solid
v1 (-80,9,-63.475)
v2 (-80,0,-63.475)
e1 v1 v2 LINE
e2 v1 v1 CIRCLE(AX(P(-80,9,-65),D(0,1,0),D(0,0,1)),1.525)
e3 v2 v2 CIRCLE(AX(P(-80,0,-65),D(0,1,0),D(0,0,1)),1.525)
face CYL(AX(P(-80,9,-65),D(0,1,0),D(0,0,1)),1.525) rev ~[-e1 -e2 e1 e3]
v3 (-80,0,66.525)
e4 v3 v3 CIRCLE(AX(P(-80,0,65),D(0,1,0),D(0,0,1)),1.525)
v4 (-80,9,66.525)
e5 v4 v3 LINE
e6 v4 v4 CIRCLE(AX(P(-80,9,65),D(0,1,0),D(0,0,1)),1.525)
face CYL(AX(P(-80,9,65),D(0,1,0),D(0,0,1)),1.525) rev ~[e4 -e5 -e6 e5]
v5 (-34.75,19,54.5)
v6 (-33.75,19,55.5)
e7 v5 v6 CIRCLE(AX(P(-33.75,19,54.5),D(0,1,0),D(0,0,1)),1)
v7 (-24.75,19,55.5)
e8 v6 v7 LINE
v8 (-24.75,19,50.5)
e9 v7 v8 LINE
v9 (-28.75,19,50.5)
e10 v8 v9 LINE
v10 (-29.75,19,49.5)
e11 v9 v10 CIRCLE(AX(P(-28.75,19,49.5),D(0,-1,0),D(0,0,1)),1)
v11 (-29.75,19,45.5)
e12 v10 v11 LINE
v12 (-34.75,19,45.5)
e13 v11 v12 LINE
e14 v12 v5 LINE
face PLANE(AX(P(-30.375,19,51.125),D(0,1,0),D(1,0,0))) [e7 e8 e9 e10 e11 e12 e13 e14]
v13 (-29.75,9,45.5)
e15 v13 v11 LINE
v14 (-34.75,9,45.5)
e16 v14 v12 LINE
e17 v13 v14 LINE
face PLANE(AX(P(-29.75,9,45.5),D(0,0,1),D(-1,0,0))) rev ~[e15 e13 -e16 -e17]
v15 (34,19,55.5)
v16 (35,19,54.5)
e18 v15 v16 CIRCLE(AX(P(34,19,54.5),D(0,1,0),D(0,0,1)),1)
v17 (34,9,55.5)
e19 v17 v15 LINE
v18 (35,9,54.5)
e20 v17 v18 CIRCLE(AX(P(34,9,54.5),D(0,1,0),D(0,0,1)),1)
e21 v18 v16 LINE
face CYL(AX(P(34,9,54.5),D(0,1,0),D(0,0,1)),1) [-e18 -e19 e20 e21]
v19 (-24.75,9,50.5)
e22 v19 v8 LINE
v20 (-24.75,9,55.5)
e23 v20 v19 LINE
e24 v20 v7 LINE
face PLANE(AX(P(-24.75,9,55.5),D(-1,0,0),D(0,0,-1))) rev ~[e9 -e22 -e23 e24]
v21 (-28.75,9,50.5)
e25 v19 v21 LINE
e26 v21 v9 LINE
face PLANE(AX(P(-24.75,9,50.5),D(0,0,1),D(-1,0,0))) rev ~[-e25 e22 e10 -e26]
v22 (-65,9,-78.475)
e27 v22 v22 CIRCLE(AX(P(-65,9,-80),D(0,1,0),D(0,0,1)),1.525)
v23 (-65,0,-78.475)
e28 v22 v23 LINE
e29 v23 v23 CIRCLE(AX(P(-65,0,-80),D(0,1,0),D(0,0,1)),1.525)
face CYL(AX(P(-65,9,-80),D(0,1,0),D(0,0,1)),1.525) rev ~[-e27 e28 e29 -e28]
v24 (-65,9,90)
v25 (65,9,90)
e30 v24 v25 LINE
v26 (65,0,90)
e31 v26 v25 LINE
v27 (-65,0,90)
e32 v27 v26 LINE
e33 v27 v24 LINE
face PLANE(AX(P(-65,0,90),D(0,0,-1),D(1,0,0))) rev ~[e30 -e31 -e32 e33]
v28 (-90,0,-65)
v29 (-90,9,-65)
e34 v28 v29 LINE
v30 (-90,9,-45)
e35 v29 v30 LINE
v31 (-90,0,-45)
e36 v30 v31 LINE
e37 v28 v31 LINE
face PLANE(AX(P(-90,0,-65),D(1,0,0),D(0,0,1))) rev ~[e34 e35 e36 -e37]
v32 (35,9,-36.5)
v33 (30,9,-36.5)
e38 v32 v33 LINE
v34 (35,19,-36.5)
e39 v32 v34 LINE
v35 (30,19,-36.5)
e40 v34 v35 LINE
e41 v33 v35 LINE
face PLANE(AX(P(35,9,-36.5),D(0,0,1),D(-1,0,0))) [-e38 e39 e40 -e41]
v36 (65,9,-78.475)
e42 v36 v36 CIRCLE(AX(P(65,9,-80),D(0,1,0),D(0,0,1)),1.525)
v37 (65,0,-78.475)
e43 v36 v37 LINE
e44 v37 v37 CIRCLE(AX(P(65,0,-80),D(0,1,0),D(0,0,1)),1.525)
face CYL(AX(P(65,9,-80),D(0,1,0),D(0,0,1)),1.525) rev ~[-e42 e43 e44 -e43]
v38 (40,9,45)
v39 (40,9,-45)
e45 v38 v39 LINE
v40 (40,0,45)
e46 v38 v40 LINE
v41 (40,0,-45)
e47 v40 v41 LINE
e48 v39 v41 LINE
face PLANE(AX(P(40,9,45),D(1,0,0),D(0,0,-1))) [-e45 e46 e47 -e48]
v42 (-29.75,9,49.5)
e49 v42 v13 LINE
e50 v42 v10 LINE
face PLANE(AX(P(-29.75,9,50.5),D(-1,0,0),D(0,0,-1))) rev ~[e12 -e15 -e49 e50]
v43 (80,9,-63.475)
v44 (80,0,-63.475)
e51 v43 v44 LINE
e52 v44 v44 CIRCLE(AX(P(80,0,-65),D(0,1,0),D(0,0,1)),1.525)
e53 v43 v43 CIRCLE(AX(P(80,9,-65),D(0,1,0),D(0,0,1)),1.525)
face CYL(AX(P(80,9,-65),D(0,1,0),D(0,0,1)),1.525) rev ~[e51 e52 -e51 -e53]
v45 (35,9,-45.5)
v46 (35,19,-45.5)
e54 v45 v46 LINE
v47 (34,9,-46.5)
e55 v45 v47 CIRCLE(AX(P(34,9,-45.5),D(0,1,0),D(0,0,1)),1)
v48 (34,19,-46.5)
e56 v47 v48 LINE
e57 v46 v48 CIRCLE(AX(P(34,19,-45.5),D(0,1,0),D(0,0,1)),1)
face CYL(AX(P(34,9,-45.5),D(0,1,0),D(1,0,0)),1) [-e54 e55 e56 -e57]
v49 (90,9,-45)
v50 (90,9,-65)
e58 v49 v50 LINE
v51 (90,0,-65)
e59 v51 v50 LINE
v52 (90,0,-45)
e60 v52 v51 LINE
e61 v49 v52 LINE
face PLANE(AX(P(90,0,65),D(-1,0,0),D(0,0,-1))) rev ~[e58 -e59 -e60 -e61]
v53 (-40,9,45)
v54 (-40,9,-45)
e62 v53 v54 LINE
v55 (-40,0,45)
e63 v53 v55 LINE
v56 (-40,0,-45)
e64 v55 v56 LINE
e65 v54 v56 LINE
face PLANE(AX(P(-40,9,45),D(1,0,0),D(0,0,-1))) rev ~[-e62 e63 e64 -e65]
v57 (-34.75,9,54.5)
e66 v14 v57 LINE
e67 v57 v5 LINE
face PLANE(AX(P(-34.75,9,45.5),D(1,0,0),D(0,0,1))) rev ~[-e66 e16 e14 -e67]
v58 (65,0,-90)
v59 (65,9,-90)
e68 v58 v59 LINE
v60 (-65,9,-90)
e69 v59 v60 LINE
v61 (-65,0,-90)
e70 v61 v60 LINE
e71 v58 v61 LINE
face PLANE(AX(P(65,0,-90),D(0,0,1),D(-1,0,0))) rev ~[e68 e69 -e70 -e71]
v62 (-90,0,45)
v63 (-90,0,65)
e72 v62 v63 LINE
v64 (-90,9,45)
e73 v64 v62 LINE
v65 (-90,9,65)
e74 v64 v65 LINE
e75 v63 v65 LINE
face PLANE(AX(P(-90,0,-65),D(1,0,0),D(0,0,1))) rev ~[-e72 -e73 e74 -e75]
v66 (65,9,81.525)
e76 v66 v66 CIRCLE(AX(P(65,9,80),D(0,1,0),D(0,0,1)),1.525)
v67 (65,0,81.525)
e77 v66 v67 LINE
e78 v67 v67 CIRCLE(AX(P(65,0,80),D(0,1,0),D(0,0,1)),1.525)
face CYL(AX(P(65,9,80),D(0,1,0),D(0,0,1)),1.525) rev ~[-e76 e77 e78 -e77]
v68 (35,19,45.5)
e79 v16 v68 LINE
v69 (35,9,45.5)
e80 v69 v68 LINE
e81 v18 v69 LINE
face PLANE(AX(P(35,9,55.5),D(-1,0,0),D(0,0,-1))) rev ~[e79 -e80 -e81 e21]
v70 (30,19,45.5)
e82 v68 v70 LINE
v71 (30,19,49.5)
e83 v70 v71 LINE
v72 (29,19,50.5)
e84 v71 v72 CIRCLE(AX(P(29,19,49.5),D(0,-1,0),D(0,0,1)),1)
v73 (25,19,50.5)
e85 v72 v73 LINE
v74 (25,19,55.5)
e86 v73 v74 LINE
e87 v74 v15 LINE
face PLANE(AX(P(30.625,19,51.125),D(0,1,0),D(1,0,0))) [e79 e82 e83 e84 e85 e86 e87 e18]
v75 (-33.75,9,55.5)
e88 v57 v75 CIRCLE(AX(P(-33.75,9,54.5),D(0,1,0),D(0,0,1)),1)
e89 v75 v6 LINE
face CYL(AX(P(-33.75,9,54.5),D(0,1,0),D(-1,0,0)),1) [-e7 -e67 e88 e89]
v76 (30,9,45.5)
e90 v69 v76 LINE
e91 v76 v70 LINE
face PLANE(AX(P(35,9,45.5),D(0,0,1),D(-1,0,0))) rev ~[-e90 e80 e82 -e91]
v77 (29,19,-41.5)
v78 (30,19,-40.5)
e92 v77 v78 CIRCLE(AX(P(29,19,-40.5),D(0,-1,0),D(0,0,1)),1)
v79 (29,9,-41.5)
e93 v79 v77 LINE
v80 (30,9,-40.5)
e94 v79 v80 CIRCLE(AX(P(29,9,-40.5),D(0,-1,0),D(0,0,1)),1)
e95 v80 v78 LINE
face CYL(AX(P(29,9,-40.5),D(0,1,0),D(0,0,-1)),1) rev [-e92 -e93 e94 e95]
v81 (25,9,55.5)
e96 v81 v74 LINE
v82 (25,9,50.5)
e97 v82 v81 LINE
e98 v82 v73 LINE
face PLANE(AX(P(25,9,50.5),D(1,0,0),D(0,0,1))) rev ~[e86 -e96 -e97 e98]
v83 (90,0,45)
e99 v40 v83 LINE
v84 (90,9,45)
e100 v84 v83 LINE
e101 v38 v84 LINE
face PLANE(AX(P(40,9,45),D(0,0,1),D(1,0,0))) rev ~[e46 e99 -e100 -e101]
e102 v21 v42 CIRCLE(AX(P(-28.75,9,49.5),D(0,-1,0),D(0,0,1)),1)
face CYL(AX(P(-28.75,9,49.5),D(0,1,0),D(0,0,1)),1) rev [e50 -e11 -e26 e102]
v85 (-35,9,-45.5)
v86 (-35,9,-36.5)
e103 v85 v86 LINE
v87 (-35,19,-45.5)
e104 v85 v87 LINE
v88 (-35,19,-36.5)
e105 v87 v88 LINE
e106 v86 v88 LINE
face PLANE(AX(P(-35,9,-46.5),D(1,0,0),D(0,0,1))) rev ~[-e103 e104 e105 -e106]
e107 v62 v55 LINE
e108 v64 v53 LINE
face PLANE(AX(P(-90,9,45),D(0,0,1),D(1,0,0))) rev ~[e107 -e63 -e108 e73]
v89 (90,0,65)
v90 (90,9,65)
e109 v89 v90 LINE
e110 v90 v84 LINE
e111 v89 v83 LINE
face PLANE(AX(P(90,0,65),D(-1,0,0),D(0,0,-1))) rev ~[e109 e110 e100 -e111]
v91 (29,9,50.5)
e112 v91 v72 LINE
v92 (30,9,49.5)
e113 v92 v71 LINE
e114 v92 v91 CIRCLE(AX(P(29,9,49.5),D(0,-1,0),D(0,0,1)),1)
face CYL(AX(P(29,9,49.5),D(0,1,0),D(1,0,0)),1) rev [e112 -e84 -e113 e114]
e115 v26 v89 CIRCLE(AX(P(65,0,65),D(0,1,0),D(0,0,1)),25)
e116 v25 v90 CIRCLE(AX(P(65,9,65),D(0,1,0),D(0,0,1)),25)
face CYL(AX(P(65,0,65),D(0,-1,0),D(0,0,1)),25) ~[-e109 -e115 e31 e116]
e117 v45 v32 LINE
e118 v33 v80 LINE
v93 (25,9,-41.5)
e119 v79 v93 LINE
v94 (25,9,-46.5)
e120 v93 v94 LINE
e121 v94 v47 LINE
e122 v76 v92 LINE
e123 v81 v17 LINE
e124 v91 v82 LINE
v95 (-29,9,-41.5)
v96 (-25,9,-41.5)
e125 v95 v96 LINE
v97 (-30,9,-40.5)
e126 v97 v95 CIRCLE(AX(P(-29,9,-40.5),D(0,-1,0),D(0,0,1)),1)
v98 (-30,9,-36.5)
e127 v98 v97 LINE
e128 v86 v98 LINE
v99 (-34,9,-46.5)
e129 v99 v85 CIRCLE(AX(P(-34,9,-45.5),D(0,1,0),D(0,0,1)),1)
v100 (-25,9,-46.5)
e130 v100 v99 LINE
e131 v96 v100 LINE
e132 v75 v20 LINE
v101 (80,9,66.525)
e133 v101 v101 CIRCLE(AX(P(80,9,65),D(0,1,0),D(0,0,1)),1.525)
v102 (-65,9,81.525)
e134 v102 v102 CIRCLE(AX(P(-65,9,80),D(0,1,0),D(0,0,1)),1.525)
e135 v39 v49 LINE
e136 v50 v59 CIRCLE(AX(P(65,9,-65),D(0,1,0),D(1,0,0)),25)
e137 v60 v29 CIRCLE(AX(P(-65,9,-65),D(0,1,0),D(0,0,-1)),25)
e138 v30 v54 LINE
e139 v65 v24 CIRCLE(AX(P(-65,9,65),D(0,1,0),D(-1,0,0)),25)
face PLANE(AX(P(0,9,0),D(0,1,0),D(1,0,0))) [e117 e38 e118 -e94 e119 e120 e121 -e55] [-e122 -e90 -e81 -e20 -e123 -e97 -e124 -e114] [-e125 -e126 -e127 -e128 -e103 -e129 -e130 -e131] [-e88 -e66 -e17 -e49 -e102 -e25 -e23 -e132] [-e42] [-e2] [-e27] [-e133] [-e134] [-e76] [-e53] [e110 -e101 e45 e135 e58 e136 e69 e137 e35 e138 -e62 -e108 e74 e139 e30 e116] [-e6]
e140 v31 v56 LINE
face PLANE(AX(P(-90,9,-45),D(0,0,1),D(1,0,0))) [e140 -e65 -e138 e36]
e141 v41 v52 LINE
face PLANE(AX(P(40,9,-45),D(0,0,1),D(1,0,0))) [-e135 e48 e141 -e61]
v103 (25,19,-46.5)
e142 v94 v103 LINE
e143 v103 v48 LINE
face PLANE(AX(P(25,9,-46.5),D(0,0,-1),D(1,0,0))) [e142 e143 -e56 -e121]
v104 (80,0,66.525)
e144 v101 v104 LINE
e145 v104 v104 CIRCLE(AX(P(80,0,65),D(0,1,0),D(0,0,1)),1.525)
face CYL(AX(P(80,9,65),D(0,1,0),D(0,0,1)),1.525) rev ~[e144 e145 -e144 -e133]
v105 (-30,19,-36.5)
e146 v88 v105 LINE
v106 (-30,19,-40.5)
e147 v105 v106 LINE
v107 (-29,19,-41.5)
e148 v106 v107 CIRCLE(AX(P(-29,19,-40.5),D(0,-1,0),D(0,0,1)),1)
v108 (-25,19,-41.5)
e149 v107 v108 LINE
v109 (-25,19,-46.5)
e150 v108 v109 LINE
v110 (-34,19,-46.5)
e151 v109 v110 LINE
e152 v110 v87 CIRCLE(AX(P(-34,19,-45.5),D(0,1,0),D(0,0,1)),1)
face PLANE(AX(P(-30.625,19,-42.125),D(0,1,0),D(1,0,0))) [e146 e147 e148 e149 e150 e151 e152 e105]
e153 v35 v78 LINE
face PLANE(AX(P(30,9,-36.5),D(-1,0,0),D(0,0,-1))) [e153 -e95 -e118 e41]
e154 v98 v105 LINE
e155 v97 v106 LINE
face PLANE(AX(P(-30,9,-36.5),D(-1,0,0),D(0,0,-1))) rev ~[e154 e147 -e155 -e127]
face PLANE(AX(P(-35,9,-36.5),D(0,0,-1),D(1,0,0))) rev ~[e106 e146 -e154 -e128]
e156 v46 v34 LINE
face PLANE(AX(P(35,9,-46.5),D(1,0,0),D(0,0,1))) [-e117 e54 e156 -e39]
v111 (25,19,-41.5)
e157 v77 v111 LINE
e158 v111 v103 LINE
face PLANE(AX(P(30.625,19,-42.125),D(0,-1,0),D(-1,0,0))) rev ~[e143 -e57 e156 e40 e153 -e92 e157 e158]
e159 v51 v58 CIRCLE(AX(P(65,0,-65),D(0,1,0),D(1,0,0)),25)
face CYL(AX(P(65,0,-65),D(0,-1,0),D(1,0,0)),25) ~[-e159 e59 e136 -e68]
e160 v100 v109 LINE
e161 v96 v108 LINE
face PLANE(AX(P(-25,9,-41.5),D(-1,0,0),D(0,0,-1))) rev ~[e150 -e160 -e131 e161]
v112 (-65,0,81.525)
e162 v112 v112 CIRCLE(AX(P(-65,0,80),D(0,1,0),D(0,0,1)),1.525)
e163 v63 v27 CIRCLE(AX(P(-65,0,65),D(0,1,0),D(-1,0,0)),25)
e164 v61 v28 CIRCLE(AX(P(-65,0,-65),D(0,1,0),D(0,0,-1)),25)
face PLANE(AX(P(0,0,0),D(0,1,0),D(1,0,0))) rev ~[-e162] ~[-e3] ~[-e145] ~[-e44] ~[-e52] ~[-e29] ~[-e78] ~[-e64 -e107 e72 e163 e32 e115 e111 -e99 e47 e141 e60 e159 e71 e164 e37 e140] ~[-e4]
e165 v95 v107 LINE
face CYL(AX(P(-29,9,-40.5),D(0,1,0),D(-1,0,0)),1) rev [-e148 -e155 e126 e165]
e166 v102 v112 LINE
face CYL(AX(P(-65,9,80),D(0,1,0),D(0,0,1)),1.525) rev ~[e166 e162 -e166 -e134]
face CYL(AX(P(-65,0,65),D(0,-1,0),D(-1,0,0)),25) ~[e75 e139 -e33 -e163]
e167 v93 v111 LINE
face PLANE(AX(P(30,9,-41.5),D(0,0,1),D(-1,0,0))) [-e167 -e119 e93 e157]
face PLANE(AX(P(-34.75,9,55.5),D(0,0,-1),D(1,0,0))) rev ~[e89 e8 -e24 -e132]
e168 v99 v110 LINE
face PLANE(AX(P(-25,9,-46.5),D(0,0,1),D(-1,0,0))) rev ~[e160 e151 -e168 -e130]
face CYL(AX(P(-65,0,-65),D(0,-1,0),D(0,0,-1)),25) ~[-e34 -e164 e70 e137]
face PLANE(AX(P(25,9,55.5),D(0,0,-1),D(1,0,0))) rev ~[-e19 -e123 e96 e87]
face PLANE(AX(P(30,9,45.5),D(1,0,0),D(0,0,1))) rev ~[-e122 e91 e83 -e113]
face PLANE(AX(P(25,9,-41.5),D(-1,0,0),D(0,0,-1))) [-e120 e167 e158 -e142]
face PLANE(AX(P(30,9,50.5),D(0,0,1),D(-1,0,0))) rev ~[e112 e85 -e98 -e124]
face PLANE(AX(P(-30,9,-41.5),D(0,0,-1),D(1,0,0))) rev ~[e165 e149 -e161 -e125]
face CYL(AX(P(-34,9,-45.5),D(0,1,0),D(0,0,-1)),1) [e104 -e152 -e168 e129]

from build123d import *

# Parameters (mm, degrees)
PLATE_DEPTH               = 9
SKETCH3_R                 = 1.525
HEX_HOLES_DEPTH           = 128.597021909
RASPBERRY_PI_HOLDER_DEPTH = 10
FILLET1_R                 = 1
SKETCH5_W                 = 50
SKETCH5_H                 = 90
CUT_EXTRUDE1_DEPTH        = 128.671453348


with BuildPart() as part:
    # Sketch1 → Plate (new body)
    with BuildSketch(Plane(origin=(0, 0, 0), x_dir=(1, 0, 0), z_dir=(0, 1, 0))):
        with BuildLine():
            Line((-65, -90), (65, -90))
            ThreePointArc((65, -90), (82.67766953, -82.67766953), (90, -65))
            Line((90, -65), (90, 65))
            ThreePointArc((90, 65), (82.67766953, 82.67766953), (65, 90))
            Line((65, 90), (-65, 90))
            ThreePointArc((-65, 90), (-82.67766953, 82.67766953), (-90, 65))
            Line((-90, 65), (-90, -65))
            ThreePointArc((-90, -65), (-82.67766953, -82.67766953), (-65, -90))
        make_face()
    extrude(amount=PLATE_DEPTH)

    # Sketch3 → Hex Holes (cut, through all)
    with BuildSketch(Plane(origin=(0, 9, 0), x_dir=(1, 0, 0), z_dir=(0, 1, 0))):
        with Locations(Location((-65, 80, 0), (0, 0, 270))):
            Circle(SKETCH3_R)
        with Locations(Location((-80, 65, 0), (0, 0, 270))):
            Circle(SKETCH3_R)
        with Locations(Location((80, 65, 0), (0, 0, 270))):
            Circle(SKETCH3_R)
        with Locations(Location((80, -65, 0), (0, 0, 270))):
            Circle(SKETCH3_R)
        with Locations(Location((65, 80, 0), (0, 0, 270))):
            Circle(SKETCH3_R)
        with Locations(Location((65, -80, 0), (0, 0, 270))):
            Circle(SKETCH3_R)
        with Locations(Location((-65, -80, 0), (0, 0, 270))):
            Circle(SKETCH3_R)
        with Locations(Location((-80, -65, 0), (0, 0, 270))):
            Circle(SKETCH3_R)
    extrude(amount=-HEX_HOLES_DEPTH, mode=Mode.SUBTRACT)

    # Sketch4 → Raspberry Pi Holder (add)
    with BuildSketch(Plane(origin=(0, 9, 0), x_dir=(1, 0, 0), z_dir=(0, 1, 0))):
        Polygon((-30, 36.5), (-30, 41.5), (-25, 41.5), (-25, 46.5), (-35, 46.5), (-35, 36.5), align=None)
        Polygon((25, 46.5), (35, 46.5), (35, 36.5), (30, 36.5), (30, 41.5), (25, 41.5), align=None)
        Polygon((-34.75, -45.5), (-34.75, -55.5), (-24.75, -55.5), (-24.75, -50.5), (-29.75, -50.5), (-29.75, -45.5), align=None)
        Polygon((25, -50.5), (25, -55.5), (35, -55.5), (35, -45.5), (30, -45.5), (30, -50.5), align=None)
    extrude(amount=RASPBERRY_PI_HOLDER_DEPTH)

    # Fillet1
    fillet1_edges = [part.edges().sort_by_distance(p)[0] for p in [
        (-30, 14, -41.5),
        (-35, 14, -46.5),
        (30, 14, -41.5),
        (35, 14, -46.5),
        (-34.75, 14, 55.5),
        (-29.75, 14, 50.5),
        (35, 14, 55.5),
        (30, 14, 50.5),
    ]]
    fillet(fillet1_edges, radius=FILLET1_R)

    # Sketch5 → Cut-Extrude1 (cut, through all)
    with BuildSketch(Plane(origin=(0, 9, 0), x_dir=(1, 0, 0), z_dir=(0, 1, 0))):
        with Locations((-65, 0)):
            Rectangle(SKETCH5_W, SKETCH5_H)
        with Locations((65, 0)):
            Rectangle(SKETCH5_W, SKETCH5_H)
    extrude(amount=-CUT_EXTRUDE1_DEPTH, mode=Mode.SUBTRACT)


solid = part.part
